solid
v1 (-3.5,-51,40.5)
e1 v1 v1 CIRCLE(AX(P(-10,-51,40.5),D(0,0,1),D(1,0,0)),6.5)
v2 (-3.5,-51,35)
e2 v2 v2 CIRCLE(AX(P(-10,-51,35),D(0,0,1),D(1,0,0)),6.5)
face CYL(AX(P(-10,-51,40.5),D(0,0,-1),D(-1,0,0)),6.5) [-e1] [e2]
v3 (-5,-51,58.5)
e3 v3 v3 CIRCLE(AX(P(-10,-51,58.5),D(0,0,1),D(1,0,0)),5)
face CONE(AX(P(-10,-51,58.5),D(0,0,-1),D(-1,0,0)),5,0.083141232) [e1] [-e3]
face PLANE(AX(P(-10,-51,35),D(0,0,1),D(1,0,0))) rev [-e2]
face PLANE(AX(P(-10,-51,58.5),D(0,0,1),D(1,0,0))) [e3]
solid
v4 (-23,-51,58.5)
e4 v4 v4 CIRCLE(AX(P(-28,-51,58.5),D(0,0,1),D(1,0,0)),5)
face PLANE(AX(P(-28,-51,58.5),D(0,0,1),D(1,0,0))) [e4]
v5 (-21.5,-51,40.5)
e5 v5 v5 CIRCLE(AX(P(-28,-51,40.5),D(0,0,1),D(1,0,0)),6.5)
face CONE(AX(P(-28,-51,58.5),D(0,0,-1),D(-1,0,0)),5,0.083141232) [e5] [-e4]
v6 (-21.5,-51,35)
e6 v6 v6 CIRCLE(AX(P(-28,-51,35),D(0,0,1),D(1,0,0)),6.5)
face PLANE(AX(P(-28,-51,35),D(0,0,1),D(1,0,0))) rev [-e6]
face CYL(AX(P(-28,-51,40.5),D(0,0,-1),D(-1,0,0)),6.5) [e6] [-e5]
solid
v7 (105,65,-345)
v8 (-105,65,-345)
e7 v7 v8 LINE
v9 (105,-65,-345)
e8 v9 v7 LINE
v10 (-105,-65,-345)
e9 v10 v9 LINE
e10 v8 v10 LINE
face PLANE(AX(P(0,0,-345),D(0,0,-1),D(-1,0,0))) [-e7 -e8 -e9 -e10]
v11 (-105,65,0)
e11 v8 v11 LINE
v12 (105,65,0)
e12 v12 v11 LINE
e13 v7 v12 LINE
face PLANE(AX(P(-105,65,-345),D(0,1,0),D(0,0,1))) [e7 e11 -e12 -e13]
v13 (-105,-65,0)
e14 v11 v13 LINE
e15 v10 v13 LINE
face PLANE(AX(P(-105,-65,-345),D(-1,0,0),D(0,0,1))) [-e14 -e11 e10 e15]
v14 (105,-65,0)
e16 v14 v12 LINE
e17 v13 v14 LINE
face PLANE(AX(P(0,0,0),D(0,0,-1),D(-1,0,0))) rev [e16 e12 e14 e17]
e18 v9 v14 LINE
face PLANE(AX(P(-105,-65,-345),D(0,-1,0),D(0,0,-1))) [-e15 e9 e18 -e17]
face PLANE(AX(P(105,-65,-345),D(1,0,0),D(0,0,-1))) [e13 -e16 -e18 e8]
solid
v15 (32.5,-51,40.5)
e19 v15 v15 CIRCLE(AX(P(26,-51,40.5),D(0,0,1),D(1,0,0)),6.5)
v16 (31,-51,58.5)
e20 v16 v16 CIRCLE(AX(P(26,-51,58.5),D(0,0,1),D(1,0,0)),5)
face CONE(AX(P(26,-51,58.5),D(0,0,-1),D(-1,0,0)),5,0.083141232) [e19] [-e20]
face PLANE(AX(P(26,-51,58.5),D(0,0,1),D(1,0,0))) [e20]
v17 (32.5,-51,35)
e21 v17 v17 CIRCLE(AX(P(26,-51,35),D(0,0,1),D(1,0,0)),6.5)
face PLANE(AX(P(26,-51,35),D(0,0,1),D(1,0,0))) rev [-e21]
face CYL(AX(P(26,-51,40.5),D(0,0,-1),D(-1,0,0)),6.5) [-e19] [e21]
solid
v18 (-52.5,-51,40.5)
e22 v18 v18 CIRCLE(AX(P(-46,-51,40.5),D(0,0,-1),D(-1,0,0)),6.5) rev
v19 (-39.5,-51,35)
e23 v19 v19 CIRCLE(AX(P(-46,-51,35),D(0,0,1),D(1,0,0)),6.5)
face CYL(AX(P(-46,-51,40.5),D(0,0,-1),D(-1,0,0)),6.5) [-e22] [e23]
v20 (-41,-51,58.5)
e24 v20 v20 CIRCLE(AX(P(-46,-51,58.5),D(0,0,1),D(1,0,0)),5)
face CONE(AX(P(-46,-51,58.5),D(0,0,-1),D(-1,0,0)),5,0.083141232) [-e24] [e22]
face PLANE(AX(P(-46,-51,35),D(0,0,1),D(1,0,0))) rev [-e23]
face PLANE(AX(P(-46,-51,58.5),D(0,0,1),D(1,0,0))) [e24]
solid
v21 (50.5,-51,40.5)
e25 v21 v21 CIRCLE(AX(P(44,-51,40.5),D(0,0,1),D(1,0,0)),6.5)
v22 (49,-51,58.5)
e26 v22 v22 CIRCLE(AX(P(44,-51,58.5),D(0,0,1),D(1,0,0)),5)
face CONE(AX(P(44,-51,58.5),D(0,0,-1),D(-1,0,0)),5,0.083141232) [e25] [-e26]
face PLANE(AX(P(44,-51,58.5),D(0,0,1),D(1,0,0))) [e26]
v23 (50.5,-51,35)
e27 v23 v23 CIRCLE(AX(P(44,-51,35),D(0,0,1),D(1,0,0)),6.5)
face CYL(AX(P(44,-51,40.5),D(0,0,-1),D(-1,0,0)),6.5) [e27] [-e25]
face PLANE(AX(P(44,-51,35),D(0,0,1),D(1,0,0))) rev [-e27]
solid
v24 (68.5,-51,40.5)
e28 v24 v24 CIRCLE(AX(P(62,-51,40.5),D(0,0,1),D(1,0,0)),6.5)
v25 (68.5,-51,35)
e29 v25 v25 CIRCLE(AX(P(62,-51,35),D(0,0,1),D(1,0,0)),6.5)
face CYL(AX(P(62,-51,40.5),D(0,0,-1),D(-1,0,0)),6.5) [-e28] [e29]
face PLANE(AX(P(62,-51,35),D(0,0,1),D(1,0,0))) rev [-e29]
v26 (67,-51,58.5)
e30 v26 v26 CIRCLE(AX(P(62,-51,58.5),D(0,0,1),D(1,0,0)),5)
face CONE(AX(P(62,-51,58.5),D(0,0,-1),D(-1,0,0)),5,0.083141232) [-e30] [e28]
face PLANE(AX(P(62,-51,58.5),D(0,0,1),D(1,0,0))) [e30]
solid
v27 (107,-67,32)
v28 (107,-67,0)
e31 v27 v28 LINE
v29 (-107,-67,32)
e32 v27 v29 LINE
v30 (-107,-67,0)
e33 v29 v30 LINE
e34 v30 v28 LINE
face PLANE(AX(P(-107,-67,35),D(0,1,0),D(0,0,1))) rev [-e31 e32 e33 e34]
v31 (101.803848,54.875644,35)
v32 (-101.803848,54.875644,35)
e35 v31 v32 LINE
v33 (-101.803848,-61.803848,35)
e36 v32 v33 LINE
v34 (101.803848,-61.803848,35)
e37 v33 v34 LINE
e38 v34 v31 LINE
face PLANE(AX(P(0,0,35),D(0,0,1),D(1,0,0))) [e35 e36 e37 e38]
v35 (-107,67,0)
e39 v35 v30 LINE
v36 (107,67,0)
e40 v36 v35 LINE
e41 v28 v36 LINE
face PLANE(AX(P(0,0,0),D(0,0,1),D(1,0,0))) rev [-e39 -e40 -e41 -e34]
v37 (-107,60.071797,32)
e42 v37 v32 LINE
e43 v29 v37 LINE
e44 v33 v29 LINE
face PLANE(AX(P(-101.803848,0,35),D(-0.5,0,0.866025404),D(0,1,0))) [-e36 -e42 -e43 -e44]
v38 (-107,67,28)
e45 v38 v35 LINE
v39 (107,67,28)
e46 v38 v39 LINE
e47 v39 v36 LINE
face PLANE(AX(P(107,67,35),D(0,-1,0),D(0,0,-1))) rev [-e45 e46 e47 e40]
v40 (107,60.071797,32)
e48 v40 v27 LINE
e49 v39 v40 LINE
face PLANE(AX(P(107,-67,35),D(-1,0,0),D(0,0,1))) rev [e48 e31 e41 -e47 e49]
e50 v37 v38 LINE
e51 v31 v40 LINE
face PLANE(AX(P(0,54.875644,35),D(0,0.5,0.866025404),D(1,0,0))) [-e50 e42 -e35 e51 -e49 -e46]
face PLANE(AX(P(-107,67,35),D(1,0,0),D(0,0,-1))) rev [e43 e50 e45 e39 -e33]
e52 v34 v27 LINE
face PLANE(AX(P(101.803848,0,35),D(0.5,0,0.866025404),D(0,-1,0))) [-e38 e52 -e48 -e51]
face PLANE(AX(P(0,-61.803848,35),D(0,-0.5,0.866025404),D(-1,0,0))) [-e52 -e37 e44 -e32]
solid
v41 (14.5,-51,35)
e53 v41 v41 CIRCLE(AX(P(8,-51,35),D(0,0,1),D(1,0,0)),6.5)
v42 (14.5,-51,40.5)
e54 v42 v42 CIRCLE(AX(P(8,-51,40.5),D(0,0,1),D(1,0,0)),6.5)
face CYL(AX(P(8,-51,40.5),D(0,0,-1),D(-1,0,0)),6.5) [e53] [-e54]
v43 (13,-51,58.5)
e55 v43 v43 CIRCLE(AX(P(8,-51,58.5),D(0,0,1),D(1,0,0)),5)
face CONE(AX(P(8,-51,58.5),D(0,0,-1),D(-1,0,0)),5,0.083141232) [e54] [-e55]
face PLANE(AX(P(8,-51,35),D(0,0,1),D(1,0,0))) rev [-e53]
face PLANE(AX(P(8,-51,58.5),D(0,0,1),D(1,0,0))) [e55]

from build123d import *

# Parameters (mm, degrees)
SKETCH1_W             = 210
SKETCH1_H             = 130
BOSS_EXTRUDE1_DEPTH   = 345
SKETCH2_W             = 214
SKETCH2_H             = 134
BOSS_EXTRUDE2_DEPTH   = 35
CHAMFER2_SIZE         = 7
CHAMFER2_SIZE2        = 12.124355653
CHAMFER3_SIZE         = 3
CHAMFER3_SIZE2        = 5.196152423
CHAMFER3_PART_2_SIZE  = 3
CHAMFER3_PART_2_SIZE2 = 5.196152423
CHAMFER3_PART_3_SIZE  = 3
CHAMFER3_PART_3_SIZE2 = 5.196152423
SKETCH3_R             = 6.5
BOSS_EXTRUDE3_DEPTH   = 5.5
BOSS_EXTRUDE3_2_DEPTH = 5.5
BOSS_EXTRUDE3_3_DEPTH = 5.5
BOSS_EXTRUDE3_4_DEPTH = 5.5
BOSS_EXTRUDE3_5_DEPTH = 5.5
BOSS_EXTRUDE3_6_DEPTH = 5.5
BOSS_EXTRUDE3_7_DEPTH = 5.5
SKETCH5_R             = 6.5
SKETCH6_R             = 5
LPATTERN1_COUNT       = 7
LPATTERN1_PITCH       = 18


with BuildPart() as part:
    # Sketch1 → Boss-Extrude1 (new body)
    with BuildSketch(Plane.XY):
        Rectangle(SKETCH1_W, SKETCH1_H)
    extrude(amount=-BOSS_EXTRUDE1_DEPTH)


with BuildPart() as body_2:
    # Sketch2 → Boss-Extrude2 (new body)
    with BuildSketch(Plane.XY):
        Rectangle(SKETCH2_W, SKETCH2_H)
    extrude(amount=BOSS_EXTRUDE2_DEPTH)

    # Chamfer2
    chamfer2_edges = [body_2.edges().sort_by_distance(p)[0] for p in [
        (0, 67, 35),
    ]]
    chamfer2_side = [body_2.faces().sort_by_distance(p)[0] for p in [
        (0, 67, 17.5),
    ]]
    chamfer(chamfer2_edges, length=CHAMFER2_SIZE, length2=CHAMFER2_SIZE2, reference=chamfer2_side[0])

    # Chamfer3
    chamfer3_edges = [body_2.edges().sort_by_distance(p)[0] for p in [
        (-107, -6.062177826, 35),
    ]]
    chamfer3_side = [body_2.faces().sort_by_distance(p)[0] for p in [
        (-107, -0.574851894, 17.361518613),
    ]]
    chamfer(chamfer3_edges, length=CHAMFER3_SIZE, length2=CHAMFER3_SIZE2, reference=chamfer3_side[0])

    # Chamfer3 part 2
    chamfer3_part_2_edges = [body_2.edges().sort_by_distance(p)[0] for p in [
        (0, -67, 35),
    ]]
    chamfer3_part_2_side = [body_2.faces().sort_by_distance(p)[0] for p in [
        (0, -67, 17.5),
    ]]
    chamfer(chamfer3_part_2_edges, length=CHAMFER3_PART_2_SIZE, length2=CHAMFER3_PART_2_SIZE2, reference=chamfer3_part_2_side[0])

    # Chamfer3 part 3
    chamfer3_part_3_edges = [body_2.edges().sort_by_distance(p)[0] for p in [
        (107, -6.062177826, 35),
    ]]
    chamfer3_part_3_side = [body_2.faces().sort_by_distance(p)[0] for p in [
        (107, -0.574851894, 17.361518613),
    ]]
    chamfer(chamfer3_part_3_edges, length=CHAMFER3_PART_3_SIZE, length2=CHAMFER3_PART_3_SIZE2, reference=chamfer3_part_3_side[0])


with BuildPart() as body_3:
    # Sketch3 → Boss-Extrude3 (new body)
    with BuildSketch(Plane.XY.offset(35)):
        with Locations((-46, -51)):
            Circle(SKETCH3_R)
    extrude(amount=BOSS_EXTRUDE3_DEPTH)

    # Sketch5 → Loft1 section 0
    with BuildSketch(Plane.XY.offset(40.5)):
        with Locations((-46, -51)):
            Circle(SKETCH5_R)
    # Sketch6 → Loft1 section 1
    with BuildSketch(Plane.XY.offset(58.5)):
        with Locations((-46, -51)):
            Circle(SKETCH6_R)
    loft1 = loft()


with BuildPart() as body_4:
    # Sketch3 → Boss-Extrude3 2 (new body)
    with BuildSketch(Plane.XY.offset(35)):
        with Locations((-28, -51)):
            Circle(SKETCH3_R)
    extrude(amount=BOSS_EXTRUDE3_2_DEPTH)



with BuildPart() as body_5:
    # Sketch3 → Boss-Extrude3 3 (new body)
    with BuildSketch(Plane.XY.offset(35)):
        with Locations((-10, -51)):
            Circle(SKETCH3_R)
    extrude(amount=BOSS_EXTRUDE3_3_DEPTH)


with BuildPart() as body_6:
    # Sketch3 → Boss-Extrude3 4 (new body)
    with BuildSketch(Plane.XY.offset(35)):
        with Locations((8, -51)):
            Circle(SKETCH3_R)
    extrude(amount=BOSS_EXTRUDE3_4_DEPTH)


with BuildPart() as body_7:
    # Sketch3 → Boss-Extrude3 5 (new body)
    with BuildSketch(Plane.XY.offset(35)):
        with Locations((26, -51)):
            Circle(SKETCH3_R)
    extrude(amount=BOSS_EXTRUDE3_5_DEPTH)


with BuildPart() as body_8:
    # Sketch3 → Boss-Extrude3 6 (new body)
    with BuildSketch(Plane.XY.offset(35)):
        with Locations((44, -51)):
            Circle(SKETCH3_R)
    extrude(amount=BOSS_EXTRUDE3_6_DEPTH)


with BuildPart() as body_9:
    # Sketch3 → Boss-Extrude3 7 (new body)
    with BuildSketch(Plane.XY.offset(35)):
        with Locations((62, -51)):
            Circle(SKETCH3_R)
    extrude(amount=BOSS_EXTRUDE3_7_DEPTH)


with BuildPart() as body_4_1:
    add(body_4.part)

    add(body_5.part)  # LPattern1 merges body 5

    add(body_6.part)  # LPattern1 merges body 6

    add(body_7.part)  # LPattern1 merges body 7

    add(body_8.part)  # LPattern1 merges body 8

    add(body_9.part)  # LPattern1 merges body 9
    # LPattern1: Loft1 ×7
    with Locations(*[(i * LPATTERN1_PITCH, 0, 0) for i in range(1, LPATTERN1_COUNT)]):
        add(loft1)


solid = Compound([part.part, body_2.part, body_3.part, body_4_1.part])
